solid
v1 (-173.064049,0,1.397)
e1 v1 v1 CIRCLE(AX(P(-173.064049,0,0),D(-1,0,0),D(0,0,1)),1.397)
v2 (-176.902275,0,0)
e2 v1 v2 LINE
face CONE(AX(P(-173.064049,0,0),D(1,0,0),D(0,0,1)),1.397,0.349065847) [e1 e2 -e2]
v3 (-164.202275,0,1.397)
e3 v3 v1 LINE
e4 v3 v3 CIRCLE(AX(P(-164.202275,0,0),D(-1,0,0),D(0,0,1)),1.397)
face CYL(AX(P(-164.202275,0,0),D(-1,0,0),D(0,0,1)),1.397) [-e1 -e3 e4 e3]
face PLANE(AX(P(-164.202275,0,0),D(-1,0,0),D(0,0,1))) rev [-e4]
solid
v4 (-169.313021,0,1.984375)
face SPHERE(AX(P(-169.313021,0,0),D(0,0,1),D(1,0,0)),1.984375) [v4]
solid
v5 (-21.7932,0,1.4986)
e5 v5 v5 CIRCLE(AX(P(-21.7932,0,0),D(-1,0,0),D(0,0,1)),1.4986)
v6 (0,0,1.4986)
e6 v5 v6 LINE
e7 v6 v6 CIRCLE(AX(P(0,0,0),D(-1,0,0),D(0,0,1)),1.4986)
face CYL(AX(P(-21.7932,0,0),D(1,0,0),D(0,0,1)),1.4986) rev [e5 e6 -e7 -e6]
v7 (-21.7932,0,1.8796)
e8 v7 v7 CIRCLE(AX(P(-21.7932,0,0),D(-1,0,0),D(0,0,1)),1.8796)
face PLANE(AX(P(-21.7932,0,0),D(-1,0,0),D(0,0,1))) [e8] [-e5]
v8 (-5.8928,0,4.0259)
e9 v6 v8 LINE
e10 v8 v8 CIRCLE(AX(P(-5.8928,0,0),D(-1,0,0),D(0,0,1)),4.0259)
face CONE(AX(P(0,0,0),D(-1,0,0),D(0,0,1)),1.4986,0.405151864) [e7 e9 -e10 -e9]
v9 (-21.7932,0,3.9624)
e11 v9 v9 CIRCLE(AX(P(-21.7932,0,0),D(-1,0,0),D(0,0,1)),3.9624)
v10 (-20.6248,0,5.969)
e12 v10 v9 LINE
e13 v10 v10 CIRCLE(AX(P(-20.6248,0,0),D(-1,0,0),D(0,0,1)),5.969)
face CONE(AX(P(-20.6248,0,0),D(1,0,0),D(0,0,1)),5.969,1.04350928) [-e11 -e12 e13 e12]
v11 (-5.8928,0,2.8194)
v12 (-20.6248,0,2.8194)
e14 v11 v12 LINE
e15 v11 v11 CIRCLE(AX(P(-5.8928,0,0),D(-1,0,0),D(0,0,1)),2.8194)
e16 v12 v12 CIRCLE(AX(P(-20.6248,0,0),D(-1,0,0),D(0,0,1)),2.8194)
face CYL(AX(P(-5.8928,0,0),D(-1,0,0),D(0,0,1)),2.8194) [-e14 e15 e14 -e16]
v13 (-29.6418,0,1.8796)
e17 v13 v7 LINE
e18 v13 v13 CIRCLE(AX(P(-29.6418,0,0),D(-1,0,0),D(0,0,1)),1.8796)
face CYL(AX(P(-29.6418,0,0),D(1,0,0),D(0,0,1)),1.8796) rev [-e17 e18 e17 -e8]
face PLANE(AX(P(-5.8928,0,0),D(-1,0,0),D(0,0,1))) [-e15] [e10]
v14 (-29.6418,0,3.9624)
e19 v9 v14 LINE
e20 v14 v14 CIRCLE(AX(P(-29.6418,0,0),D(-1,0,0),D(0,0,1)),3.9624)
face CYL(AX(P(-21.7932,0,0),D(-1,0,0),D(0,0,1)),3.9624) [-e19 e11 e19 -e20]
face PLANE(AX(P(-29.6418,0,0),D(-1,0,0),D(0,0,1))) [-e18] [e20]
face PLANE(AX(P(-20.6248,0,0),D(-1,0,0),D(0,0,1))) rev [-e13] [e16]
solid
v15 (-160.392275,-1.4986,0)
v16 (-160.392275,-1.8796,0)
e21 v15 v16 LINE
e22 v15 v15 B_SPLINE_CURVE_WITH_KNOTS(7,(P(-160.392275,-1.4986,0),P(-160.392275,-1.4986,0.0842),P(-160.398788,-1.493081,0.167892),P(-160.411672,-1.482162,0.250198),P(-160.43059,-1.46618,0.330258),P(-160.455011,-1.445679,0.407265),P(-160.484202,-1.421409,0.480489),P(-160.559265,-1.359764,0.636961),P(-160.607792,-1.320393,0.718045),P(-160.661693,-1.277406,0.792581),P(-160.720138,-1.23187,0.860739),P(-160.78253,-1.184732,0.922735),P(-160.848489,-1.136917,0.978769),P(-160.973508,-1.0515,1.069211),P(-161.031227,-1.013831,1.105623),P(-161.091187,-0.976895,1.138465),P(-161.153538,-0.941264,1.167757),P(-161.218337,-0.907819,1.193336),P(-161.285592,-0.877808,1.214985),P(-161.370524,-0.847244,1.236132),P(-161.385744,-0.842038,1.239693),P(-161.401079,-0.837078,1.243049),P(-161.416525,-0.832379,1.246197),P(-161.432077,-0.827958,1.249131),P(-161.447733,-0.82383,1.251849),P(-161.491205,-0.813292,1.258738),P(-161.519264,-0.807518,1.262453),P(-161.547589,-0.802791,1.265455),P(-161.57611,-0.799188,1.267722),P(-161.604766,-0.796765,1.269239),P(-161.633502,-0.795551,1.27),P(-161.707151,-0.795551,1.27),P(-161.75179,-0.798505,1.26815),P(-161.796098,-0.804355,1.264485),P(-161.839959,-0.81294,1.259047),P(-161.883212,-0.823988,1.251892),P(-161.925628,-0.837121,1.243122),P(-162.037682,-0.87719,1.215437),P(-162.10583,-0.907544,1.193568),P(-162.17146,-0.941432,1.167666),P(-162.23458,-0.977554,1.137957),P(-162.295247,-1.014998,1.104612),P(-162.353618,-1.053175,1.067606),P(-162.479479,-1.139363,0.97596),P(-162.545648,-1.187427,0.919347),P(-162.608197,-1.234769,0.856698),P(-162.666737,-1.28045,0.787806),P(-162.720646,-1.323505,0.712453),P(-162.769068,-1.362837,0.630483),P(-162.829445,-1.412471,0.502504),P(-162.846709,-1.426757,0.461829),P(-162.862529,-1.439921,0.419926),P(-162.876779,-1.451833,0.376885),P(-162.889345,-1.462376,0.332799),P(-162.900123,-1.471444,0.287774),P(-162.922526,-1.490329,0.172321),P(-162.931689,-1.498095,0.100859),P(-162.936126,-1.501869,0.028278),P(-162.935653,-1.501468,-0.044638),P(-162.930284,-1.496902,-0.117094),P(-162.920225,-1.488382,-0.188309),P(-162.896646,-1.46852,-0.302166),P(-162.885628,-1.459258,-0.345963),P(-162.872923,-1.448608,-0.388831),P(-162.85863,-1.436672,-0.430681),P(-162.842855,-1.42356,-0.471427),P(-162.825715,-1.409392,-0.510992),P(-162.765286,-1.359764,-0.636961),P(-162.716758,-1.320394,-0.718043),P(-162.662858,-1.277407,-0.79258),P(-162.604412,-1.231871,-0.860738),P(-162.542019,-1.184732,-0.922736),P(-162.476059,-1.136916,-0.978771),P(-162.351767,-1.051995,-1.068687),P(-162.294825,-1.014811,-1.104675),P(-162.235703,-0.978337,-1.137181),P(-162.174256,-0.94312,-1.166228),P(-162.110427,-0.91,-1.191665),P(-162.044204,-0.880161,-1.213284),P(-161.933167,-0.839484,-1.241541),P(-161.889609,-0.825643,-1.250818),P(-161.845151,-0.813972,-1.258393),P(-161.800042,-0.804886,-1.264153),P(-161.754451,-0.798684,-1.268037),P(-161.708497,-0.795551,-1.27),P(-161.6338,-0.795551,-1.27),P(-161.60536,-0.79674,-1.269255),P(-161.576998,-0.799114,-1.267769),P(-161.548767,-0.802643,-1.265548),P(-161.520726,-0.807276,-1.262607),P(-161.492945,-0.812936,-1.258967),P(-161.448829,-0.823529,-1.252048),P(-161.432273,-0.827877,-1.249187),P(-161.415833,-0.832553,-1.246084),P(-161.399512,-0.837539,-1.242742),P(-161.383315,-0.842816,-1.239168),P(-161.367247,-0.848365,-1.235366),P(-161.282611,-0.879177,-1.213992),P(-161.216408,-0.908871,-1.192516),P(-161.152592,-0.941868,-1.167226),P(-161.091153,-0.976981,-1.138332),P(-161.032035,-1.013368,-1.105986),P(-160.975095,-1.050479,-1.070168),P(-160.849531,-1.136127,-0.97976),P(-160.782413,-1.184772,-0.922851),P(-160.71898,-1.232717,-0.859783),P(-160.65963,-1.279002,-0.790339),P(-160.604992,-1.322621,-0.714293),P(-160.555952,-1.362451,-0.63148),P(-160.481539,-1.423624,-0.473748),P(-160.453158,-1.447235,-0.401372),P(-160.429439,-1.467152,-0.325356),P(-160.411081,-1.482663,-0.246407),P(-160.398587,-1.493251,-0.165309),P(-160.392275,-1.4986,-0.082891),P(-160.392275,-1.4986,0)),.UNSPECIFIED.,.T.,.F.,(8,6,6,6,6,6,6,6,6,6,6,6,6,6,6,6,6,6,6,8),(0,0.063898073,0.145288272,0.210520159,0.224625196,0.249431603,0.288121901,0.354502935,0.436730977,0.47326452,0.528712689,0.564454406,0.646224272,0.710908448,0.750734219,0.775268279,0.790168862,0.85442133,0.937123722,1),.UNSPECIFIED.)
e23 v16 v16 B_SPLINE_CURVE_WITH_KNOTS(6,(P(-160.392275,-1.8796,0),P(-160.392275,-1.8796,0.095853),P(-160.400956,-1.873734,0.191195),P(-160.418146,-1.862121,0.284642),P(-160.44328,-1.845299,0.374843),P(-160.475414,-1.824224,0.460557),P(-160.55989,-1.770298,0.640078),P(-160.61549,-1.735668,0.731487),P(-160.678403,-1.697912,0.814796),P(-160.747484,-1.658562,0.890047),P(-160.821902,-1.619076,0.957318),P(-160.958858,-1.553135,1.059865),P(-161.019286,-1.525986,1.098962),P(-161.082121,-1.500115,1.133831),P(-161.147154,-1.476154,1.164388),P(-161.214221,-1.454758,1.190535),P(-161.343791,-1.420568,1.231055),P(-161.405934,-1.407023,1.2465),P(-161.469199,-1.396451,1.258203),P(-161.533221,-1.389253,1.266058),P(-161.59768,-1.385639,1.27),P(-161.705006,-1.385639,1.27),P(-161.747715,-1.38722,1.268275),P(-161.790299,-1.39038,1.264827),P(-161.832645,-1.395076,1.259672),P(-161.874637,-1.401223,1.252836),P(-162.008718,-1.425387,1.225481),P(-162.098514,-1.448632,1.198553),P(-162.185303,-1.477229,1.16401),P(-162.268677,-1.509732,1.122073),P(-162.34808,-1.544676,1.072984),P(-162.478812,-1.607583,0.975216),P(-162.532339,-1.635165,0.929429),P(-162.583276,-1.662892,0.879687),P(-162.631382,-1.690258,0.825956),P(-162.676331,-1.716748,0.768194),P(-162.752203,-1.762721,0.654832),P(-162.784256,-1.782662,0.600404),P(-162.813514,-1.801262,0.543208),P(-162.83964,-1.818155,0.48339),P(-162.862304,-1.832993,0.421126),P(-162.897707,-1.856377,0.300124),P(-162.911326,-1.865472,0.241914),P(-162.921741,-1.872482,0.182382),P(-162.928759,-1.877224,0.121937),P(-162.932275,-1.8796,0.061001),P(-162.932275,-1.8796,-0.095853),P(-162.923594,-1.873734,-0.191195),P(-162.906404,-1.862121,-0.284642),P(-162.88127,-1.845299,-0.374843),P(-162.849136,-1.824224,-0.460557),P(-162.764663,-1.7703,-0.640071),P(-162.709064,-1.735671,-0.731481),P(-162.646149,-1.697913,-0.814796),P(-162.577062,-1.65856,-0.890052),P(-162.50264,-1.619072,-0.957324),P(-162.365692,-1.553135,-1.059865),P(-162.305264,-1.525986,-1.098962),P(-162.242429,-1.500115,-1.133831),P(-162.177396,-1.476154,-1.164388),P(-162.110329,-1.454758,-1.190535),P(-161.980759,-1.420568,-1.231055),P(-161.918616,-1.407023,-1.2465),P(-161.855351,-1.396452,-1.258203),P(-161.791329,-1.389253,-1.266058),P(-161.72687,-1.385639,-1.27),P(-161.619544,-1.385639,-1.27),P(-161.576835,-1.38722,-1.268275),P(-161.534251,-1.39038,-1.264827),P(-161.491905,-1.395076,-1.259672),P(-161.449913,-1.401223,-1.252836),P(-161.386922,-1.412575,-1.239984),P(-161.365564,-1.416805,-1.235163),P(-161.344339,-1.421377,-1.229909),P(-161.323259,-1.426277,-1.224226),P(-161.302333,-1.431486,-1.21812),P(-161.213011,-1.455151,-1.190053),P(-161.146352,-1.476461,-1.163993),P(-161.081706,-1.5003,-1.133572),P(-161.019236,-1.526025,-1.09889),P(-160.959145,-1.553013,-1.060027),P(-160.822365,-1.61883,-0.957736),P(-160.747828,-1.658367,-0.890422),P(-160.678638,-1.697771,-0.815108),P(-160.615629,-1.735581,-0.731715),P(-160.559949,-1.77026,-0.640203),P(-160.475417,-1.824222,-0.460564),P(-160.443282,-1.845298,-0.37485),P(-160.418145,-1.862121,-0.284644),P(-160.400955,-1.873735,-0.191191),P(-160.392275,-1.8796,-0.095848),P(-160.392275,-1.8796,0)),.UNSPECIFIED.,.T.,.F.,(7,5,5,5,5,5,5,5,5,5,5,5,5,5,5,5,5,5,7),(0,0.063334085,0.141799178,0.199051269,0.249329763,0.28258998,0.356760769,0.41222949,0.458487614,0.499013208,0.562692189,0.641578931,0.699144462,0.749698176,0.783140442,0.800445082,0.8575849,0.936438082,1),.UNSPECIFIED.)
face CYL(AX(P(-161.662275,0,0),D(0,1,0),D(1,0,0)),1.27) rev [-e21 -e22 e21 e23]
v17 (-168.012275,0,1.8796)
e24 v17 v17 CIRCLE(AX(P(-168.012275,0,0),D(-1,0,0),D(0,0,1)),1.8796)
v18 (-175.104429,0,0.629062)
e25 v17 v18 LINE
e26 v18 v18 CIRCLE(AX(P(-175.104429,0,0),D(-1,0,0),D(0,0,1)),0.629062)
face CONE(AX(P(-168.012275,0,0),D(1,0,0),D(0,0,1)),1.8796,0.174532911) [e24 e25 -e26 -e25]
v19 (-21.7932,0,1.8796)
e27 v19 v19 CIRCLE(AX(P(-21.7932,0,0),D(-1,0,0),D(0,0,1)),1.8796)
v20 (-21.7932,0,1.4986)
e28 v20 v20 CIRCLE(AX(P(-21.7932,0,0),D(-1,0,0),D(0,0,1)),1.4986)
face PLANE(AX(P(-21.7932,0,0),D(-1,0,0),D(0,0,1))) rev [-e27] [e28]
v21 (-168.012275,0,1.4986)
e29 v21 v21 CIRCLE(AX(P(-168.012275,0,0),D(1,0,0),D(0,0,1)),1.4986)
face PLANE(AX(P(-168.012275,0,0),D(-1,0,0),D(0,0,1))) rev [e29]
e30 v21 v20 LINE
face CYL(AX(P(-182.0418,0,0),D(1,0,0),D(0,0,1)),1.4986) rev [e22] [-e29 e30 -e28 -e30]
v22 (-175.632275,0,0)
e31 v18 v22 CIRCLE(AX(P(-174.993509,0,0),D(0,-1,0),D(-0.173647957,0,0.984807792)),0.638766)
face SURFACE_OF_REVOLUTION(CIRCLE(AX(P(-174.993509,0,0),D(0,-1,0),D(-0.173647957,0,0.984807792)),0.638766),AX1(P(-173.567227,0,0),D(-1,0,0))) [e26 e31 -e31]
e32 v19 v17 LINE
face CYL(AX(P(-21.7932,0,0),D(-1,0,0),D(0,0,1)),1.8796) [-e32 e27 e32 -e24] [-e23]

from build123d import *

# Parameters (mm, degrees)
F3_W          = 14.029525
F3_H          = 3.7592
F4_DEPTH      = 5.97
F4_DEPTH_BACK = 5.97
F7_R          = 1.27
F8_DEPTH      = 5.97


with BuildPart() as f1:
    # F0 (on Front) → F1 (revolve)
    with BuildSketch(Plane.XZ):
        Polygon((-182.0418, 1.8796), (-182.0418, 1.4986), (-21.7932, 1.4986), (-21.7932, 1.8796), (-29.6418, 1.8796), align=None)
    revolve(axis=Axis((-91.0209, 0, 0), (-1, 0, 0)))

    # F3 (on Front) → F4 (cut, two sides)
    with BuildSketch(Plane.XZ) as f4_sk:
        with Locations((-175.027038, 0)):
            Rectangle(F3_W, F3_H)
    extrude(amount=-F4_DEPTH, mode=Mode.SUBTRACT)
    extrude(f4_sk.sketch, amount=-F4_DEPTH_BACK, mode=Mode.SUBTRACT)

    # F5 (on Front) → F6 (revolve)
    with BuildSketch(Plane.XZ):
        with BuildLine():
            Line((-168.012275, 0), (-168.012275, 1.8796))
            Line((-168.012275, 1.8796), (-175.104429, 0.629062))
            ThreePointArc((-175.104429, 0.629062), (-175.482832, 0.410591), (-175.632275, 0))
            Line((-175.632275, 0), (-168.012275, 0))
        make_face()
    revolve(axis=Axis((-173.567227, 0, 0), (-1, 0, 0)))

    # F7 (on Front) → F8 (cut, through all)
    with BuildSketch(Plane.XZ):
        with Locations((-161.662275, 0)):
            Circle(F7_R)
    extrude(amount=F8_DEPTH, mode=Mode.SUBTRACT)


with BuildPart() as f2:
    # F0 (on Front) → F2 (revolve)
    with BuildSketch(Plane.XZ):
        Polygon((-21.7932, 1.8796), (-21.7932, 1.4986), (0, 1.4986), (-5.8928, 4.0259), (-5.8928, 2.8194), (-20.6248, 2.8194), (-20.6248, 5.969), (-21.7932, 3.9624), (-29.6418, 3.9624), (-29.6418, 1.8796), align=None)
    revolve(axis=Axis((-91.0209, 0, 0), (-1, 0, 0)))


with BuildPart() as f10:
    # F9 (on Front) → F10 (revolve)
    with BuildSketch(Plane.XZ):
        with BuildLine():
            Line((-169.313021, 1.984375), (-169.313021, -1.984375))
            ThreePointArc((-169.313021, -1.984375), (-167.328646, 0), (-169.313021, 1.984375))
        make_face()
    revolve(axis=Axis((-169.313021, 0, 1.325225), (0, 0, 1)))


with BuildPart() as f12:
    # F11 (on Front) → F12 (revolve)
    with BuildSketch(Plane.XZ):
        Polygon((-164.202275, 1.397), (-173.064049, 1.397), (-176.902275, 0), (-164.202275, 0), align=None)
    revolve(axis=Axis((-174.067578, 0, 0), (-1, 0, 0)))


solid = Compound([f1.part, f2.part, f10.part, f12.part])
